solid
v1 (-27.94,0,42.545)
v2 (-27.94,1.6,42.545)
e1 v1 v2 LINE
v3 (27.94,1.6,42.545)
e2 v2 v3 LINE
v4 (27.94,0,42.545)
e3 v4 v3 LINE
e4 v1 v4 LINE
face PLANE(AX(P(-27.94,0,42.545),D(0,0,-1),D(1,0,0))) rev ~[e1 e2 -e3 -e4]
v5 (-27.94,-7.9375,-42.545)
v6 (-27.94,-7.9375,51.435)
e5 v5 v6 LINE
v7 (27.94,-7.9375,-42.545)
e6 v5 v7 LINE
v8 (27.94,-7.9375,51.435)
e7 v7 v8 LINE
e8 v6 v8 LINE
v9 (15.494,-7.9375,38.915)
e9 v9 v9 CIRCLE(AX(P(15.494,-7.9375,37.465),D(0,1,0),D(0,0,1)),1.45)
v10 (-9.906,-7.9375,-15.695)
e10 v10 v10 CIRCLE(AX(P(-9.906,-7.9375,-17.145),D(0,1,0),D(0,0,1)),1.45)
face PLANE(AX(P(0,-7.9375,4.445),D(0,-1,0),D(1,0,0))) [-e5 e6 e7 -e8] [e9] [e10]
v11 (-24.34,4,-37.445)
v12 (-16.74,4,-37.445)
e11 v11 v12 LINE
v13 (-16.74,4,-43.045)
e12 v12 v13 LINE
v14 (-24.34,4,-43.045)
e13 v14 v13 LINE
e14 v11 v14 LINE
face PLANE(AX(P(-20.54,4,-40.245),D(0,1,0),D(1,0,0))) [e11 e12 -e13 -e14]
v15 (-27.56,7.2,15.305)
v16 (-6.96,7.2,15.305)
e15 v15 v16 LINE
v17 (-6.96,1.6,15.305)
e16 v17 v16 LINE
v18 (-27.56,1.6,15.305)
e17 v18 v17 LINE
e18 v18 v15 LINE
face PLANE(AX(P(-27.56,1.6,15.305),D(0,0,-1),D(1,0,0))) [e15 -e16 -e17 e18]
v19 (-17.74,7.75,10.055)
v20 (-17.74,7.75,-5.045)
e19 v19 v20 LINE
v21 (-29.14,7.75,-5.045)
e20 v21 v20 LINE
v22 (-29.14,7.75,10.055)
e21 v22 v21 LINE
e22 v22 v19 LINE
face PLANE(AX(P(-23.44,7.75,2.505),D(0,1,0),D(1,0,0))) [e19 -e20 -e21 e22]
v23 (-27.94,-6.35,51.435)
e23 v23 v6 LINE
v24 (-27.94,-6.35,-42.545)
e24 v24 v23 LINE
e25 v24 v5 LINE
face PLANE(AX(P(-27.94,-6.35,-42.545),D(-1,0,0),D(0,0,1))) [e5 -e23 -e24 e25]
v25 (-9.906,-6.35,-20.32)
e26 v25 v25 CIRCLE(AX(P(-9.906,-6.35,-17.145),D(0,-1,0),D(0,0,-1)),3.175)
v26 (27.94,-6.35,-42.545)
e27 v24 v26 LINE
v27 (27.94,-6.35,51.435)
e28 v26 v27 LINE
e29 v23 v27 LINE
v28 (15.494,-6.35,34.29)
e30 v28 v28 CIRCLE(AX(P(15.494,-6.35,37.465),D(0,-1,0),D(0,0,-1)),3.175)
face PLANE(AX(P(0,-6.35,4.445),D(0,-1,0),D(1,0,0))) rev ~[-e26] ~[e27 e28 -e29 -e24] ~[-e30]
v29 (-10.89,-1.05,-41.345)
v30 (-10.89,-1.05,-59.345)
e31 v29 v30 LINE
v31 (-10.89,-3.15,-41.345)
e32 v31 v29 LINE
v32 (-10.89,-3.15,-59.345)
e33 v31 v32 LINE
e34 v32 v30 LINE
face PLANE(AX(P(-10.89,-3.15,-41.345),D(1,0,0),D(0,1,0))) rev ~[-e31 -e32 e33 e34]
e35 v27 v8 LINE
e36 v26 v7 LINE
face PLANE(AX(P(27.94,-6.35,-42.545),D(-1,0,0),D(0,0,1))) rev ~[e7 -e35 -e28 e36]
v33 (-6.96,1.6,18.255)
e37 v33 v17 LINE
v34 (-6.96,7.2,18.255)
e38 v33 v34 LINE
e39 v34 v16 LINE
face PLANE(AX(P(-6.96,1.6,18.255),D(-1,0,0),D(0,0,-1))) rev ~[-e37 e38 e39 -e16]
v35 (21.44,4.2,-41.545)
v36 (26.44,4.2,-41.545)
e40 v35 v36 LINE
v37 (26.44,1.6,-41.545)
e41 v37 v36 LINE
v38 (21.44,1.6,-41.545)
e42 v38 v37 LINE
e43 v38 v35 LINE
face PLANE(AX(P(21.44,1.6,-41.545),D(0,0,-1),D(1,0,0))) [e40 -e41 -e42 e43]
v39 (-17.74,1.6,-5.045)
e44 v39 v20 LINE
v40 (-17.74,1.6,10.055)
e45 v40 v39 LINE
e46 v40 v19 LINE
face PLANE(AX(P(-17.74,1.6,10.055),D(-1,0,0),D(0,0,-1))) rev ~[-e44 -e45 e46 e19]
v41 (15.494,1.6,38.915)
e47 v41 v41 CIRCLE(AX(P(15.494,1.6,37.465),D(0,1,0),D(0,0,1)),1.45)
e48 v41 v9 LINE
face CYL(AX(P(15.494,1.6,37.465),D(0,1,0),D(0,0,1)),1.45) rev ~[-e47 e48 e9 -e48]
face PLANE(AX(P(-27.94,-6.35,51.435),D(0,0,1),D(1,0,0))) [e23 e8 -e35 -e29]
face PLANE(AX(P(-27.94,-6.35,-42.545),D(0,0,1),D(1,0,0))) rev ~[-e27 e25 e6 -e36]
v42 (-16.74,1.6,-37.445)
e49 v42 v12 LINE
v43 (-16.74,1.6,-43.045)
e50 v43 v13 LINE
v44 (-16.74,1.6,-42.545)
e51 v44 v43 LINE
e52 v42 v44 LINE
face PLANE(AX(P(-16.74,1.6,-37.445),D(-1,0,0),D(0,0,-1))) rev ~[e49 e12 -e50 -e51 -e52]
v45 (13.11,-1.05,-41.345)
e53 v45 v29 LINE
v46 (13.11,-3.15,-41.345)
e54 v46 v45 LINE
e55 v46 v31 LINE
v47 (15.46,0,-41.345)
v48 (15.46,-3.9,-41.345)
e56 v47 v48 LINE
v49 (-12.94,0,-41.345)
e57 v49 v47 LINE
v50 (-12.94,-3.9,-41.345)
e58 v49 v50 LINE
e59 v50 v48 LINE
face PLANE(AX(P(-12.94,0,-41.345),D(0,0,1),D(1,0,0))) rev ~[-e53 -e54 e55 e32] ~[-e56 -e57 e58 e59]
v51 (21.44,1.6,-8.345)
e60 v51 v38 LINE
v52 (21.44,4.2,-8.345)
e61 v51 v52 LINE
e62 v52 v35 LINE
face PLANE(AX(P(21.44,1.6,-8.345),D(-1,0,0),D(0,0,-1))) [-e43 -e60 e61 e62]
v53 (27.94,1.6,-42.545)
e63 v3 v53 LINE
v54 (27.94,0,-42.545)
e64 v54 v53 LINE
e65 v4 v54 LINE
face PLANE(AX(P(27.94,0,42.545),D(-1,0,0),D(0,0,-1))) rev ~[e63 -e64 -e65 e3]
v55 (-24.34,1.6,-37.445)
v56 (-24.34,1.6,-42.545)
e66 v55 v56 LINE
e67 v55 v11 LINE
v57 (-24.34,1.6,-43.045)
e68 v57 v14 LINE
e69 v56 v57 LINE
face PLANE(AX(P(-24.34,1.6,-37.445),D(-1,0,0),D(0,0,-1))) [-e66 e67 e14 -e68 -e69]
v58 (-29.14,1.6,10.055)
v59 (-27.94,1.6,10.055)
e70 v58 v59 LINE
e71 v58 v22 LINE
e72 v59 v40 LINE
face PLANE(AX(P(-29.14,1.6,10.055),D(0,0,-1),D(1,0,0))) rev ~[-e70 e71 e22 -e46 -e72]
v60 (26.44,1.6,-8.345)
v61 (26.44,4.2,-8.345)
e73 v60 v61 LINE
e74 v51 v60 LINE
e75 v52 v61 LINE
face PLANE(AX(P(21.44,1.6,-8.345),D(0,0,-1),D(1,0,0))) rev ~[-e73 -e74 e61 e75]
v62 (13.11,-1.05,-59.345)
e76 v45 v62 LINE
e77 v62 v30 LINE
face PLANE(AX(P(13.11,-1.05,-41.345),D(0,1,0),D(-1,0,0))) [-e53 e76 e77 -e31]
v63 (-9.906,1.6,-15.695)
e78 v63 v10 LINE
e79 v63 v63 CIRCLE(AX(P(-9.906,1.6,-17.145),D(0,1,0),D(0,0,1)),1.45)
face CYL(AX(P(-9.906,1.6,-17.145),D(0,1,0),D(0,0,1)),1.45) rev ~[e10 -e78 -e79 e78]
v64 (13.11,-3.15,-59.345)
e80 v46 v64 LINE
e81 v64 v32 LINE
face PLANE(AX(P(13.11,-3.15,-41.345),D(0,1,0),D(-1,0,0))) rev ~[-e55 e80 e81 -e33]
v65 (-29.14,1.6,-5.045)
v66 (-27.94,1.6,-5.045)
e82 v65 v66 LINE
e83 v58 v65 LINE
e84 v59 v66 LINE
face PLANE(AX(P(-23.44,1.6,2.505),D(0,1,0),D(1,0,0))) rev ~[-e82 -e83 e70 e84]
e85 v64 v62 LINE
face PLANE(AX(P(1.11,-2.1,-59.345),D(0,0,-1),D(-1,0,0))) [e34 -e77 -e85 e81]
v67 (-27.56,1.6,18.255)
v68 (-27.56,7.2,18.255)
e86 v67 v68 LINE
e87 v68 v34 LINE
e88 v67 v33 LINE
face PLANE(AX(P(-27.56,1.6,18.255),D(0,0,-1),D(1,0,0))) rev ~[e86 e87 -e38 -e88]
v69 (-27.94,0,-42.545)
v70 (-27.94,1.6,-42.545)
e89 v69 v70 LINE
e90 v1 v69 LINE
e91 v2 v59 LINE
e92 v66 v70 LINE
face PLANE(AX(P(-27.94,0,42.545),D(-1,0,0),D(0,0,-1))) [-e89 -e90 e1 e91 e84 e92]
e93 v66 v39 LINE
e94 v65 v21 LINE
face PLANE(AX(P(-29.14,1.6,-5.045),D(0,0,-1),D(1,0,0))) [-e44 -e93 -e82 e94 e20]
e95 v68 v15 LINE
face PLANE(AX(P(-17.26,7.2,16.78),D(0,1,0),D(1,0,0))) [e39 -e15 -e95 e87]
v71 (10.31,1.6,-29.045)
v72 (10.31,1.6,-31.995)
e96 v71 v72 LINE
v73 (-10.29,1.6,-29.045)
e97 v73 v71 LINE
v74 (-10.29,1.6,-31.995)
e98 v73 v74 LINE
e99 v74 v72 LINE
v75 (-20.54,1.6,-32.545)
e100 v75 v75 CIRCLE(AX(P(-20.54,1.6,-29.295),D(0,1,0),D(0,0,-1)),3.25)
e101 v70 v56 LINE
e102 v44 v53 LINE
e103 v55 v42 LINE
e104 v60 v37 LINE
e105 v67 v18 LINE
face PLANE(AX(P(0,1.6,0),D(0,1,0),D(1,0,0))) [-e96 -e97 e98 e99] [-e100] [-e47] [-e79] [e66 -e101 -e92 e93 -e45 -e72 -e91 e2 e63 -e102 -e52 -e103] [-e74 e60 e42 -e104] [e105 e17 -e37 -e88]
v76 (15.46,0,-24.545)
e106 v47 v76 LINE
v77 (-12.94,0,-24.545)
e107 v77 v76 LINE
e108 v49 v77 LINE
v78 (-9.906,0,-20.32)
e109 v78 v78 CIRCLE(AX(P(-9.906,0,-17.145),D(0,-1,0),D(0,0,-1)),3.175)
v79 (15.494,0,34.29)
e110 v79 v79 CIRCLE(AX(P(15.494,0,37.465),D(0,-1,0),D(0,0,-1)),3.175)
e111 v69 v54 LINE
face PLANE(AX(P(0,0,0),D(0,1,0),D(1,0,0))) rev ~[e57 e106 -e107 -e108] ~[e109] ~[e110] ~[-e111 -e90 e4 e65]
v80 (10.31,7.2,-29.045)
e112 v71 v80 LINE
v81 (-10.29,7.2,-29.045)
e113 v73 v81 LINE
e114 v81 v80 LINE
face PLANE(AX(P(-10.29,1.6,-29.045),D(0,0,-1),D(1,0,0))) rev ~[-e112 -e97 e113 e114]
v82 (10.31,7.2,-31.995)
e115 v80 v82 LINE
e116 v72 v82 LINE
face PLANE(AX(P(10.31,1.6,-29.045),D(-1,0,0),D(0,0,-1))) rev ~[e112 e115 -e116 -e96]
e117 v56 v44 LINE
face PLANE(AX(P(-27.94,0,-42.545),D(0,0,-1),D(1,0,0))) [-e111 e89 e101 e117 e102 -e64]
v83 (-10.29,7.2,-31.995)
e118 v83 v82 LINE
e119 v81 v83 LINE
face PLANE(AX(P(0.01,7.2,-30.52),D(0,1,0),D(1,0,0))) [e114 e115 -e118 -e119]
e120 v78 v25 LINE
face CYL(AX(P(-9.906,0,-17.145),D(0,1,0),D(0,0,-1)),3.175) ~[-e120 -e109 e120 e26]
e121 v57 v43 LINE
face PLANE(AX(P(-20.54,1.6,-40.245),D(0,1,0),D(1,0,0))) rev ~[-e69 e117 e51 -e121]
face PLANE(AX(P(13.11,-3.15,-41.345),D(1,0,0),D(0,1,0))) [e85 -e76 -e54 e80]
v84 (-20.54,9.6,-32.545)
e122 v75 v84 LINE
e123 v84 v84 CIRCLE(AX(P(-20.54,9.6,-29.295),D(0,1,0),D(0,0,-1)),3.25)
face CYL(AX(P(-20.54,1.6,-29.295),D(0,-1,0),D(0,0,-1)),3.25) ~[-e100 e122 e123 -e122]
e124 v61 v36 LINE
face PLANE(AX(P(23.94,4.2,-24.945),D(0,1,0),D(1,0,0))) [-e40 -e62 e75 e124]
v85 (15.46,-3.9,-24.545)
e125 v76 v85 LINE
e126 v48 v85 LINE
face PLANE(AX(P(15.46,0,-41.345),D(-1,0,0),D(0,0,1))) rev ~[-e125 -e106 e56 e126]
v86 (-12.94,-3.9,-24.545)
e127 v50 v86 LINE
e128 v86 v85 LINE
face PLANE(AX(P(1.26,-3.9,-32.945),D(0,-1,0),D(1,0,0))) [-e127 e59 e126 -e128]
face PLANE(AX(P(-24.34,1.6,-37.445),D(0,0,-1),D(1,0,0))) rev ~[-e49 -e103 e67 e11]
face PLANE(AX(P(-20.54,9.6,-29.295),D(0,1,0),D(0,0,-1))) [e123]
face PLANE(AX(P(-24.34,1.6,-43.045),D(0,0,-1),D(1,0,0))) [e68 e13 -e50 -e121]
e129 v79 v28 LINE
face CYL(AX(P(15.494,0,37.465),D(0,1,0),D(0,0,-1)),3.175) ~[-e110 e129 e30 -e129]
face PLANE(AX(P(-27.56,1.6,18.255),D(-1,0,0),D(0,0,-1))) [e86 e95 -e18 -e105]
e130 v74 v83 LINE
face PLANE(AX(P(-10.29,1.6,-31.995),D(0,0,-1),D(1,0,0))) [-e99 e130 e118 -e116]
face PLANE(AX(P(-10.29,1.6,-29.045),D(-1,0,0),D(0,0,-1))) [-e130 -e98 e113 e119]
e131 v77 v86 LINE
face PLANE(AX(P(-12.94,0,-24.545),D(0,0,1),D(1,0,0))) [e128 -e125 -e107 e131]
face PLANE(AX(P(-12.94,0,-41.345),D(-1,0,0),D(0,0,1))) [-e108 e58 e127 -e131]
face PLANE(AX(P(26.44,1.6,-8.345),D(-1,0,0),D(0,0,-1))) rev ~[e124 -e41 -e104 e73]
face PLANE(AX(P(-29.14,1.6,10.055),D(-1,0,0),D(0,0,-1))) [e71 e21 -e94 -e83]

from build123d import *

# Parameters (mm, degrees)
SKETCH2_W               = 55.88
SKETCH2_H               = 85.09
FIBERGLASS_PCB_DEPTH    = 1.6
SKETCH3_W               = 7.6
SKETCH3_H               = 5.6
USB_MICRO_B_POWER_DEPTH = 2.4
SKETCH4_W               = 5
SKETCH4_H               = 33.2
BOSS_EXTRUDE3_DEPTH     = 2.6
SKETCH5_W               = 11.4
SKETCH5_H               = 15.1
BOSS_EXTRUDE4_DEPTH     = 6.15
SKETCH6_W               = 20.6
SKETCH6_H               = 2.95
BOSS_EXTRUDE5_DEPTH     = 5.6
SKETCH8_R               = 3.25
BOSS_EXTRUDE6_DEPTH     = 8
SKETCH9_W               = 28.4
SKETCH9_H               = 16.8
BOSS_EXTRUDE7_DEPTH     = 3.9
SKETCH10_W              = 24
SKETCH10_H              = 2.1
BOSS_EXTRUDE8_DEPTH     = 18
SKETCH11_R              = 1.45
CUT_EXTRUDE1_DEPTH      = 67.5955601
SKETCH12_R              = 3.175
BOSS_EXTRUDE9_DEPTH     = 6.35
SKETCH13_W              = 55.88
SKETCH13_H              = 93.98
BOSS_EXTRUDE10_DEPTH    = 1.5875
SKETCH14_R              = 1.45
CUT_EXTRUDE2_DEPTH      = 67.797698548


with BuildPart() as part:
    # Sketch2 → Fiberglass PCB (new body)
    with BuildSketch(Plane(origin=(0, 0, 0), x_dir=(1, 0, 0), z_dir=(0, 1, 0))):
        Rectangle(SKETCH2_W, SKETCH2_H)
    extrude(amount=FIBERGLASS_PCB_DEPTH)

    # Sketch3 → USB Micro-B Power (add)
    with BuildSketch(Plane(origin=(0, 1.6, 0), x_dir=(1, 0, 0), z_dir=(0, 1, 0))):
        with Locations((-20.54, 40.245)):
            Rectangle(SKETCH3_W, SKETCH3_H)
    extrude(amount=USB_MICRO_B_POWER_DEPTH)

    # Sketch4 → Boss-Extrude3 (add)
    with BuildSketch(Plane(origin=(0, 1.6, 0), x_dir=(1, 0, 0), z_dir=(0, 1, 0))):
        with Locations((23.94, 24.945)):
            Rectangle(SKETCH4_W, SKETCH4_H)
    extrude(amount=BOSS_EXTRUDE3_DEPTH)

    # Sketch5 → Boss-Extrude4 (add)
    with BuildSketch(Plane(origin=(0, 1.6, 0), x_dir=(1, 0, 0), z_dir=(0, 1, 0))):
        with Locations((-23.44, -2.505)):
            Rectangle(SKETCH5_W, SKETCH5_H)
    extrude(amount=BOSS_EXTRUDE4_DEPTH)

    # Sketch6 → Boss-Extrude5 (add)
    with BuildSketch(Plane(origin=(0, 1.6, 0), x_dir=(1, 0, 0), z_dir=(0, 1, 0))):
        with Locations((0.01, 30.52)):
            Rectangle(SKETCH6_W, SKETCH6_H)
        with Locations((-17.26, -16.78)):
            Rectangle(SKETCH6_W, SKETCH6_H)
    extrude(amount=BOSS_EXTRUDE5_DEPTH)

    # Sketch8 → Boss-Extrude6 (add)
    with BuildSketch(Plane(origin=(0, 1.6, 0), x_dir=(1, 0, 0), z_dir=(0, 1, 0))):
        with Locations(Location((-20.54, 29.295, 0), (0, 0, 90))):
            Circle(SKETCH8_R)
    extrude(amount=BOSS_EXTRUDE6_DEPTH)

    # Sketch9 → Boss-Extrude7 (add)
    with BuildSketch(Plane.XZ):
        with Locations((1.26, -32.945)):
            Rectangle(SKETCH9_W, SKETCH9_H)
    extrude(amount=BOSS_EXTRUDE7_DEPTH)

    # Sketch10 → Boss-Extrude8 (add)
    with BuildSketch(Plane(origin=(0, 0, -41.345), x_dir=(-1, 0, 0), z_dir=(0, 0, -1))):
        with Locations((-1.11, -2.1)):
            Rectangle(SKETCH10_W, SKETCH10_H)
    extrude(amount=BOSS_EXTRUDE8_DEPTH)

    # Sketch11 → Cut-Extrude1 (cut, through all)
    with BuildSketch(Plane(origin=(0, 1.6, 0), x_dir=(1, 0, 0), z_dir=(0, 1, 0))):
        with Locations(Location((15.494, -37.465, 0), (0, 0, 270))):
            Circle(SKETCH11_R)
        with Locations(Location((-9.906, 17.145, 0), (0, 0, 270))):
            Circle(SKETCH11_R)
    extrude(amount=-CUT_EXTRUDE1_DEPTH, mode=Mode.SUBTRACT)

    # Sketch12 → Boss-Extrude9 (add)
    with BuildSketch(Plane.XZ):
        with Locations(Location((-9.906, -17.145, 0), (0, 0, 270))):
            Circle(SKETCH12_R)
        with Locations(Location((15.494, 37.465, 0), (0, 0, 270))):
            Circle(SKETCH12_R)
    extrude(amount=BOSS_EXTRUDE9_DEPTH)

    # Sketch13 → Boss-Extrude10 (add)
    with BuildSketch(Plane.XZ.offset(6.35)):
        with Locations((0, 4.445)):
            Rectangle(SKETCH13_W, SKETCH13_H)
    extrude(amount=BOSS_EXTRUDE10_DEPTH)

    # Sketch14 → Cut-Extrude2 (cut, through all)
    with BuildSketch(Plane(origin=(0, 1.6, 0), x_dir=(1, 0, 0), z_dir=(0, 1, 0))):
        with Locations(Location((-9.906, 17.145, 0), (0, 0, 270))):
            Circle(SKETCH14_R)
        with Locations(Location((15.494, -37.465, 0), (0, 0, 270))):
            Circle(SKETCH14_R)
    extrude(amount=-CUT_EXTRUDE2_DEPTH, mode=Mode.SUBTRACT)


solid = part.part
